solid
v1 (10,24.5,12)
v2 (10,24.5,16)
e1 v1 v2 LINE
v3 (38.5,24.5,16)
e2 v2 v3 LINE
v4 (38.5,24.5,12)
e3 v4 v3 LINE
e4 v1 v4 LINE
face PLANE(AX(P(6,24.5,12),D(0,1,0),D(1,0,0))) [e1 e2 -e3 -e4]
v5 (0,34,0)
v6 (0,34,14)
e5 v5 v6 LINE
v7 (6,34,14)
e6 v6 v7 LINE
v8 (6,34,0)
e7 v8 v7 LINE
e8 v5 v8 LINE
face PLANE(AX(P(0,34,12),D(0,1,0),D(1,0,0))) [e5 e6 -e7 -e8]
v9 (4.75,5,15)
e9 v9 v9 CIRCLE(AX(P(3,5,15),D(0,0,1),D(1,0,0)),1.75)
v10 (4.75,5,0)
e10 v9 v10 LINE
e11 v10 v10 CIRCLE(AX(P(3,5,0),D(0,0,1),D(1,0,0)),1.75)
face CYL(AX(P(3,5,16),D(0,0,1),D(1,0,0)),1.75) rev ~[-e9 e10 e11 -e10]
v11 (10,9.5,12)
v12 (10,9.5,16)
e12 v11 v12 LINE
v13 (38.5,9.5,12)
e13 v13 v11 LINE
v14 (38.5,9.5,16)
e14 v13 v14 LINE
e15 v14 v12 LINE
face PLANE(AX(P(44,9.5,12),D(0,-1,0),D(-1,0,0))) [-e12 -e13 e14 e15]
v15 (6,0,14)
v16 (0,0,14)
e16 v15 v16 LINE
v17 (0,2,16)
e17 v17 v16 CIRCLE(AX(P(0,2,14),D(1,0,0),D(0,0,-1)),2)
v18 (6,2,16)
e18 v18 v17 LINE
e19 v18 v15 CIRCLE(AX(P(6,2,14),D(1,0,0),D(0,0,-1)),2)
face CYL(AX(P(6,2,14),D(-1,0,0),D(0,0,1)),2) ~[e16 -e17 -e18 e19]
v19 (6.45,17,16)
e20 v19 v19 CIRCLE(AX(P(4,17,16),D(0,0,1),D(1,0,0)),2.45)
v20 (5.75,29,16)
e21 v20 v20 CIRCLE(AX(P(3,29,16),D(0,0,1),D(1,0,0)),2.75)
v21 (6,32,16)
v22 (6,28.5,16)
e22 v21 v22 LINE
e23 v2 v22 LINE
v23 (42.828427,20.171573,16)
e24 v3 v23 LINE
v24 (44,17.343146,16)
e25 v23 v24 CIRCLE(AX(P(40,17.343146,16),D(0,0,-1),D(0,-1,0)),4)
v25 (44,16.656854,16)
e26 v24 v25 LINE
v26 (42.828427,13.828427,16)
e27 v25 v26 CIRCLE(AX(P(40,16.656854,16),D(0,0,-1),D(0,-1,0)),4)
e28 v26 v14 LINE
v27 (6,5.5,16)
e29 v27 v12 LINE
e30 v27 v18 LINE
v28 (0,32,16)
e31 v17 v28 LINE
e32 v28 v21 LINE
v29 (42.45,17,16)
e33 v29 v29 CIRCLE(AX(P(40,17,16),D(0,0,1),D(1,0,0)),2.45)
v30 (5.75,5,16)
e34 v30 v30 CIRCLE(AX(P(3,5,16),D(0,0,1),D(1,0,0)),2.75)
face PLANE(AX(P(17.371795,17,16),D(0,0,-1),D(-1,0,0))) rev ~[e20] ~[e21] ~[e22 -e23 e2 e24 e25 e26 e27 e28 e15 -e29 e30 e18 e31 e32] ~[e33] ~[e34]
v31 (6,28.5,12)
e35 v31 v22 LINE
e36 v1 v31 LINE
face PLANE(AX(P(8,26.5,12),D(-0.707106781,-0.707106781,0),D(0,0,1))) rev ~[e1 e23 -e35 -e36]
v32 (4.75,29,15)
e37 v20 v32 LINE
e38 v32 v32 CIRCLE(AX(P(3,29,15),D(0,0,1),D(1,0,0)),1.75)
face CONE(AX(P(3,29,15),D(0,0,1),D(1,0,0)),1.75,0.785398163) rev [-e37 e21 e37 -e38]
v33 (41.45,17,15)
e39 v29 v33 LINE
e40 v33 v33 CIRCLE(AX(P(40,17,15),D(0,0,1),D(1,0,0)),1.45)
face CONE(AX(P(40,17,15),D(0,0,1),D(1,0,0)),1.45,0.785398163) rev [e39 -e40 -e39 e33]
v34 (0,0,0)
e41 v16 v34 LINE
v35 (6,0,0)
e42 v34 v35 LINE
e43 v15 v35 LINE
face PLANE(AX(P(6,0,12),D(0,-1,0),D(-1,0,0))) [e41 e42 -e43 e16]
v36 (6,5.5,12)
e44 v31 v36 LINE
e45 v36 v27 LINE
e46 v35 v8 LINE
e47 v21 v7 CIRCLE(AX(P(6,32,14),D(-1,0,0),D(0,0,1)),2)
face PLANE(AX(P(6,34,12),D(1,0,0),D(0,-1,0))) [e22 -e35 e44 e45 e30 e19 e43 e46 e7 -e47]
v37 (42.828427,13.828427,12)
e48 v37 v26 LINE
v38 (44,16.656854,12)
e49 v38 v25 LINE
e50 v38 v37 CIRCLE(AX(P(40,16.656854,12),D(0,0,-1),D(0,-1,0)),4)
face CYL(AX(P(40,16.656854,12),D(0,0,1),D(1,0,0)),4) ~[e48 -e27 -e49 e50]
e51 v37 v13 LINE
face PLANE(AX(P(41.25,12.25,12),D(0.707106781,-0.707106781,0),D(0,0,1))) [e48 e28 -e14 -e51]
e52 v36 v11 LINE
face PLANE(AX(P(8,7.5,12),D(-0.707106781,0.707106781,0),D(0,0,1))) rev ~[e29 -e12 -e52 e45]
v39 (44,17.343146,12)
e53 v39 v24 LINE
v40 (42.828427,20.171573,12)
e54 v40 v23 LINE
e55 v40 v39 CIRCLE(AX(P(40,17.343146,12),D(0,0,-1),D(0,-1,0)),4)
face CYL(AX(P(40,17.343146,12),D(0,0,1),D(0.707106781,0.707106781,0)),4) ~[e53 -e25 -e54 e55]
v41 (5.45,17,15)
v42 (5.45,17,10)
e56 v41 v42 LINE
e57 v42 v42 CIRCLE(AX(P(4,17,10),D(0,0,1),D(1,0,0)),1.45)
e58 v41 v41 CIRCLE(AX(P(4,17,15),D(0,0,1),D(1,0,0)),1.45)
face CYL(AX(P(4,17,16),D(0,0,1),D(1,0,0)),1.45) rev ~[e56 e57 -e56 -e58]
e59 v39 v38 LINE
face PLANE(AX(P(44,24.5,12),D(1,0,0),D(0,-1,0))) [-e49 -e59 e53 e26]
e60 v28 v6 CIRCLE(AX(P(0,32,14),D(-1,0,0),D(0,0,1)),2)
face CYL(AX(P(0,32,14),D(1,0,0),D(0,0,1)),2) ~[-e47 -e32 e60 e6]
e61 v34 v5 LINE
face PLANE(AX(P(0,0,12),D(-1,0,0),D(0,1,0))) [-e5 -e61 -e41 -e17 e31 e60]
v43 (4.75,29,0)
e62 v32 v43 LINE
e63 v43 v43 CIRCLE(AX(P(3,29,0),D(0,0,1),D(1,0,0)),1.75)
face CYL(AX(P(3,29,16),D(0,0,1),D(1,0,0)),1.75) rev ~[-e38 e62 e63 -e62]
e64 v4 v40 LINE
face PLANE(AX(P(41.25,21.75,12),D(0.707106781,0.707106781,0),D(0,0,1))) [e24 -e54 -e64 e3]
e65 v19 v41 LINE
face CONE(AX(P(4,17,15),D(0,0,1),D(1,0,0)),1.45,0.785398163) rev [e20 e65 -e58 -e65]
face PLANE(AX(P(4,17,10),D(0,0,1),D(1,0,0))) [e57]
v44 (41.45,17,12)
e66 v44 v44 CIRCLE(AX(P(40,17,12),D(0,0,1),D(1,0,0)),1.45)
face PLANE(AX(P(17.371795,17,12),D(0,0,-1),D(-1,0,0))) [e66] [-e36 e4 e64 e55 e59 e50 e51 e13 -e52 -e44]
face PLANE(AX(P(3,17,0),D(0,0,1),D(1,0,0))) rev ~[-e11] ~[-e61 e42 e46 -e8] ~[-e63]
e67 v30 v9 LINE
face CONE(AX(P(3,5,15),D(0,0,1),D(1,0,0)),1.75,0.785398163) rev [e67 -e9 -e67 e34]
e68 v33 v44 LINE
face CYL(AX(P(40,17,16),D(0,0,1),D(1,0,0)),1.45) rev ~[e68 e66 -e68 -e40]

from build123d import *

# Parameters (mm, degrees)
SKETCH_W        = 6
SKETCH_H        = 34
PAD_DEPTH       = 12
PAD001_DEPTH    = 4
SKETCH003_R     = 1.75
POCKET_DEPTH    = 16.001
FILLET_R        = 2
CHAMFER_SIZE    = 1
SKETCH004_R     = 1.45
POCKET001_DEPTH = 6
CHAMFER001_SIZE = 5.5
FILLET001_R     = 4
CHAMFER002_SIZE = 4
CHAMFER003_SIZE = 1


with BuildPart() as part:
    # Sketch → Pad (new body)
    with BuildSketch(Plane.XY):
        with Locations((3, 17)):
            Rectangle(SKETCH_W, SKETCH_H)
    extrude(amount=PAD_DEPTH)

    # Sketch002 → Pad001 (join)
    with BuildSketch(Plane.XY.offset(12)):
        Polygon((6, 24.5), (44, 24.5), (44, 9.5), (6, 9.5), (6, 0), (0, 0), (0, 34), (6, 34), align=None)
    extrude(amount=PAD001_DEPTH)

    # Sketch003 (on Face11 of Pad001) → Pocket (cut, through all)
    with BuildSketch(Plane.XY.offset(16)):
        with Locations((3, 29)):
            Circle(SKETCH003_R)
        with Locations((3, 5)):
            Circle(SKETCH003_R)
    extrude(amount=-POCKET_DEPTH, mode=Mode.SUBTRACT)

    # Fillet
    fillet_edges = [part.edges().sort_by_distance(p)[0] for p in [
        (3, 0, 16),
        (3, 34, 16),
    ]]
    fillet(fillet_edges, radius=FILLET_R)

    # Chamfer
    chamfer_edges = [part.edges().sort_by_distance(p)[0] for p in [
        (1.25, 29, 16),
        (1.25, 5, 16),
    ]]
    chamfer(chamfer_edges, length=CHAMFER_SIZE)

    # Sketch004 (on Face1 of Chamfer) → Pocket001 (cut)
    with BuildSketch(Plane.XY.offset(16)):
        with Locations((4, 17)):
            Circle(SKETCH004_R)
        with Locations((40, 17)):
            Circle(SKETCH004_R)
    extrude(amount=-POCKET001_DEPTH, mode=Mode.SUBTRACT)

    # Chamfer001
    chamfer001_edges = [part.edges().sort_by_distance(p)[0] for p in [
        (44, 9.5, 14),
        (44, 24.5, 14),
    ]]
    chamfer(chamfer001_edges, length=CHAMFER001_SIZE)

    # Fillet001
    fillet001_edges = [part.edges().sort_by_distance(p)[0] for p in [
        (44, 15, 14),
        (44, 19, 14),
    ]]
    fillet(fillet001_edges, radius=FILLET001_R)

    # Chamfer002
    chamfer002_edges = [part.edges().sort_by_distance(p)[0] for p in [
        (6, 9.5, 14),
        (6, 24.5, 14),
    ]]
    chamfer(chamfer002_edges, length=CHAMFER002_SIZE)

    # Chamfer003
    chamfer003_edges = [part.edges().sort_by_distance(p)[0] for p in [
        (2.55, 17, 16),
        (38.55, 17, 16),
    ]]
    chamfer(chamfer003_edges, length=CHAMFER003_SIZE)


solid = part.part
